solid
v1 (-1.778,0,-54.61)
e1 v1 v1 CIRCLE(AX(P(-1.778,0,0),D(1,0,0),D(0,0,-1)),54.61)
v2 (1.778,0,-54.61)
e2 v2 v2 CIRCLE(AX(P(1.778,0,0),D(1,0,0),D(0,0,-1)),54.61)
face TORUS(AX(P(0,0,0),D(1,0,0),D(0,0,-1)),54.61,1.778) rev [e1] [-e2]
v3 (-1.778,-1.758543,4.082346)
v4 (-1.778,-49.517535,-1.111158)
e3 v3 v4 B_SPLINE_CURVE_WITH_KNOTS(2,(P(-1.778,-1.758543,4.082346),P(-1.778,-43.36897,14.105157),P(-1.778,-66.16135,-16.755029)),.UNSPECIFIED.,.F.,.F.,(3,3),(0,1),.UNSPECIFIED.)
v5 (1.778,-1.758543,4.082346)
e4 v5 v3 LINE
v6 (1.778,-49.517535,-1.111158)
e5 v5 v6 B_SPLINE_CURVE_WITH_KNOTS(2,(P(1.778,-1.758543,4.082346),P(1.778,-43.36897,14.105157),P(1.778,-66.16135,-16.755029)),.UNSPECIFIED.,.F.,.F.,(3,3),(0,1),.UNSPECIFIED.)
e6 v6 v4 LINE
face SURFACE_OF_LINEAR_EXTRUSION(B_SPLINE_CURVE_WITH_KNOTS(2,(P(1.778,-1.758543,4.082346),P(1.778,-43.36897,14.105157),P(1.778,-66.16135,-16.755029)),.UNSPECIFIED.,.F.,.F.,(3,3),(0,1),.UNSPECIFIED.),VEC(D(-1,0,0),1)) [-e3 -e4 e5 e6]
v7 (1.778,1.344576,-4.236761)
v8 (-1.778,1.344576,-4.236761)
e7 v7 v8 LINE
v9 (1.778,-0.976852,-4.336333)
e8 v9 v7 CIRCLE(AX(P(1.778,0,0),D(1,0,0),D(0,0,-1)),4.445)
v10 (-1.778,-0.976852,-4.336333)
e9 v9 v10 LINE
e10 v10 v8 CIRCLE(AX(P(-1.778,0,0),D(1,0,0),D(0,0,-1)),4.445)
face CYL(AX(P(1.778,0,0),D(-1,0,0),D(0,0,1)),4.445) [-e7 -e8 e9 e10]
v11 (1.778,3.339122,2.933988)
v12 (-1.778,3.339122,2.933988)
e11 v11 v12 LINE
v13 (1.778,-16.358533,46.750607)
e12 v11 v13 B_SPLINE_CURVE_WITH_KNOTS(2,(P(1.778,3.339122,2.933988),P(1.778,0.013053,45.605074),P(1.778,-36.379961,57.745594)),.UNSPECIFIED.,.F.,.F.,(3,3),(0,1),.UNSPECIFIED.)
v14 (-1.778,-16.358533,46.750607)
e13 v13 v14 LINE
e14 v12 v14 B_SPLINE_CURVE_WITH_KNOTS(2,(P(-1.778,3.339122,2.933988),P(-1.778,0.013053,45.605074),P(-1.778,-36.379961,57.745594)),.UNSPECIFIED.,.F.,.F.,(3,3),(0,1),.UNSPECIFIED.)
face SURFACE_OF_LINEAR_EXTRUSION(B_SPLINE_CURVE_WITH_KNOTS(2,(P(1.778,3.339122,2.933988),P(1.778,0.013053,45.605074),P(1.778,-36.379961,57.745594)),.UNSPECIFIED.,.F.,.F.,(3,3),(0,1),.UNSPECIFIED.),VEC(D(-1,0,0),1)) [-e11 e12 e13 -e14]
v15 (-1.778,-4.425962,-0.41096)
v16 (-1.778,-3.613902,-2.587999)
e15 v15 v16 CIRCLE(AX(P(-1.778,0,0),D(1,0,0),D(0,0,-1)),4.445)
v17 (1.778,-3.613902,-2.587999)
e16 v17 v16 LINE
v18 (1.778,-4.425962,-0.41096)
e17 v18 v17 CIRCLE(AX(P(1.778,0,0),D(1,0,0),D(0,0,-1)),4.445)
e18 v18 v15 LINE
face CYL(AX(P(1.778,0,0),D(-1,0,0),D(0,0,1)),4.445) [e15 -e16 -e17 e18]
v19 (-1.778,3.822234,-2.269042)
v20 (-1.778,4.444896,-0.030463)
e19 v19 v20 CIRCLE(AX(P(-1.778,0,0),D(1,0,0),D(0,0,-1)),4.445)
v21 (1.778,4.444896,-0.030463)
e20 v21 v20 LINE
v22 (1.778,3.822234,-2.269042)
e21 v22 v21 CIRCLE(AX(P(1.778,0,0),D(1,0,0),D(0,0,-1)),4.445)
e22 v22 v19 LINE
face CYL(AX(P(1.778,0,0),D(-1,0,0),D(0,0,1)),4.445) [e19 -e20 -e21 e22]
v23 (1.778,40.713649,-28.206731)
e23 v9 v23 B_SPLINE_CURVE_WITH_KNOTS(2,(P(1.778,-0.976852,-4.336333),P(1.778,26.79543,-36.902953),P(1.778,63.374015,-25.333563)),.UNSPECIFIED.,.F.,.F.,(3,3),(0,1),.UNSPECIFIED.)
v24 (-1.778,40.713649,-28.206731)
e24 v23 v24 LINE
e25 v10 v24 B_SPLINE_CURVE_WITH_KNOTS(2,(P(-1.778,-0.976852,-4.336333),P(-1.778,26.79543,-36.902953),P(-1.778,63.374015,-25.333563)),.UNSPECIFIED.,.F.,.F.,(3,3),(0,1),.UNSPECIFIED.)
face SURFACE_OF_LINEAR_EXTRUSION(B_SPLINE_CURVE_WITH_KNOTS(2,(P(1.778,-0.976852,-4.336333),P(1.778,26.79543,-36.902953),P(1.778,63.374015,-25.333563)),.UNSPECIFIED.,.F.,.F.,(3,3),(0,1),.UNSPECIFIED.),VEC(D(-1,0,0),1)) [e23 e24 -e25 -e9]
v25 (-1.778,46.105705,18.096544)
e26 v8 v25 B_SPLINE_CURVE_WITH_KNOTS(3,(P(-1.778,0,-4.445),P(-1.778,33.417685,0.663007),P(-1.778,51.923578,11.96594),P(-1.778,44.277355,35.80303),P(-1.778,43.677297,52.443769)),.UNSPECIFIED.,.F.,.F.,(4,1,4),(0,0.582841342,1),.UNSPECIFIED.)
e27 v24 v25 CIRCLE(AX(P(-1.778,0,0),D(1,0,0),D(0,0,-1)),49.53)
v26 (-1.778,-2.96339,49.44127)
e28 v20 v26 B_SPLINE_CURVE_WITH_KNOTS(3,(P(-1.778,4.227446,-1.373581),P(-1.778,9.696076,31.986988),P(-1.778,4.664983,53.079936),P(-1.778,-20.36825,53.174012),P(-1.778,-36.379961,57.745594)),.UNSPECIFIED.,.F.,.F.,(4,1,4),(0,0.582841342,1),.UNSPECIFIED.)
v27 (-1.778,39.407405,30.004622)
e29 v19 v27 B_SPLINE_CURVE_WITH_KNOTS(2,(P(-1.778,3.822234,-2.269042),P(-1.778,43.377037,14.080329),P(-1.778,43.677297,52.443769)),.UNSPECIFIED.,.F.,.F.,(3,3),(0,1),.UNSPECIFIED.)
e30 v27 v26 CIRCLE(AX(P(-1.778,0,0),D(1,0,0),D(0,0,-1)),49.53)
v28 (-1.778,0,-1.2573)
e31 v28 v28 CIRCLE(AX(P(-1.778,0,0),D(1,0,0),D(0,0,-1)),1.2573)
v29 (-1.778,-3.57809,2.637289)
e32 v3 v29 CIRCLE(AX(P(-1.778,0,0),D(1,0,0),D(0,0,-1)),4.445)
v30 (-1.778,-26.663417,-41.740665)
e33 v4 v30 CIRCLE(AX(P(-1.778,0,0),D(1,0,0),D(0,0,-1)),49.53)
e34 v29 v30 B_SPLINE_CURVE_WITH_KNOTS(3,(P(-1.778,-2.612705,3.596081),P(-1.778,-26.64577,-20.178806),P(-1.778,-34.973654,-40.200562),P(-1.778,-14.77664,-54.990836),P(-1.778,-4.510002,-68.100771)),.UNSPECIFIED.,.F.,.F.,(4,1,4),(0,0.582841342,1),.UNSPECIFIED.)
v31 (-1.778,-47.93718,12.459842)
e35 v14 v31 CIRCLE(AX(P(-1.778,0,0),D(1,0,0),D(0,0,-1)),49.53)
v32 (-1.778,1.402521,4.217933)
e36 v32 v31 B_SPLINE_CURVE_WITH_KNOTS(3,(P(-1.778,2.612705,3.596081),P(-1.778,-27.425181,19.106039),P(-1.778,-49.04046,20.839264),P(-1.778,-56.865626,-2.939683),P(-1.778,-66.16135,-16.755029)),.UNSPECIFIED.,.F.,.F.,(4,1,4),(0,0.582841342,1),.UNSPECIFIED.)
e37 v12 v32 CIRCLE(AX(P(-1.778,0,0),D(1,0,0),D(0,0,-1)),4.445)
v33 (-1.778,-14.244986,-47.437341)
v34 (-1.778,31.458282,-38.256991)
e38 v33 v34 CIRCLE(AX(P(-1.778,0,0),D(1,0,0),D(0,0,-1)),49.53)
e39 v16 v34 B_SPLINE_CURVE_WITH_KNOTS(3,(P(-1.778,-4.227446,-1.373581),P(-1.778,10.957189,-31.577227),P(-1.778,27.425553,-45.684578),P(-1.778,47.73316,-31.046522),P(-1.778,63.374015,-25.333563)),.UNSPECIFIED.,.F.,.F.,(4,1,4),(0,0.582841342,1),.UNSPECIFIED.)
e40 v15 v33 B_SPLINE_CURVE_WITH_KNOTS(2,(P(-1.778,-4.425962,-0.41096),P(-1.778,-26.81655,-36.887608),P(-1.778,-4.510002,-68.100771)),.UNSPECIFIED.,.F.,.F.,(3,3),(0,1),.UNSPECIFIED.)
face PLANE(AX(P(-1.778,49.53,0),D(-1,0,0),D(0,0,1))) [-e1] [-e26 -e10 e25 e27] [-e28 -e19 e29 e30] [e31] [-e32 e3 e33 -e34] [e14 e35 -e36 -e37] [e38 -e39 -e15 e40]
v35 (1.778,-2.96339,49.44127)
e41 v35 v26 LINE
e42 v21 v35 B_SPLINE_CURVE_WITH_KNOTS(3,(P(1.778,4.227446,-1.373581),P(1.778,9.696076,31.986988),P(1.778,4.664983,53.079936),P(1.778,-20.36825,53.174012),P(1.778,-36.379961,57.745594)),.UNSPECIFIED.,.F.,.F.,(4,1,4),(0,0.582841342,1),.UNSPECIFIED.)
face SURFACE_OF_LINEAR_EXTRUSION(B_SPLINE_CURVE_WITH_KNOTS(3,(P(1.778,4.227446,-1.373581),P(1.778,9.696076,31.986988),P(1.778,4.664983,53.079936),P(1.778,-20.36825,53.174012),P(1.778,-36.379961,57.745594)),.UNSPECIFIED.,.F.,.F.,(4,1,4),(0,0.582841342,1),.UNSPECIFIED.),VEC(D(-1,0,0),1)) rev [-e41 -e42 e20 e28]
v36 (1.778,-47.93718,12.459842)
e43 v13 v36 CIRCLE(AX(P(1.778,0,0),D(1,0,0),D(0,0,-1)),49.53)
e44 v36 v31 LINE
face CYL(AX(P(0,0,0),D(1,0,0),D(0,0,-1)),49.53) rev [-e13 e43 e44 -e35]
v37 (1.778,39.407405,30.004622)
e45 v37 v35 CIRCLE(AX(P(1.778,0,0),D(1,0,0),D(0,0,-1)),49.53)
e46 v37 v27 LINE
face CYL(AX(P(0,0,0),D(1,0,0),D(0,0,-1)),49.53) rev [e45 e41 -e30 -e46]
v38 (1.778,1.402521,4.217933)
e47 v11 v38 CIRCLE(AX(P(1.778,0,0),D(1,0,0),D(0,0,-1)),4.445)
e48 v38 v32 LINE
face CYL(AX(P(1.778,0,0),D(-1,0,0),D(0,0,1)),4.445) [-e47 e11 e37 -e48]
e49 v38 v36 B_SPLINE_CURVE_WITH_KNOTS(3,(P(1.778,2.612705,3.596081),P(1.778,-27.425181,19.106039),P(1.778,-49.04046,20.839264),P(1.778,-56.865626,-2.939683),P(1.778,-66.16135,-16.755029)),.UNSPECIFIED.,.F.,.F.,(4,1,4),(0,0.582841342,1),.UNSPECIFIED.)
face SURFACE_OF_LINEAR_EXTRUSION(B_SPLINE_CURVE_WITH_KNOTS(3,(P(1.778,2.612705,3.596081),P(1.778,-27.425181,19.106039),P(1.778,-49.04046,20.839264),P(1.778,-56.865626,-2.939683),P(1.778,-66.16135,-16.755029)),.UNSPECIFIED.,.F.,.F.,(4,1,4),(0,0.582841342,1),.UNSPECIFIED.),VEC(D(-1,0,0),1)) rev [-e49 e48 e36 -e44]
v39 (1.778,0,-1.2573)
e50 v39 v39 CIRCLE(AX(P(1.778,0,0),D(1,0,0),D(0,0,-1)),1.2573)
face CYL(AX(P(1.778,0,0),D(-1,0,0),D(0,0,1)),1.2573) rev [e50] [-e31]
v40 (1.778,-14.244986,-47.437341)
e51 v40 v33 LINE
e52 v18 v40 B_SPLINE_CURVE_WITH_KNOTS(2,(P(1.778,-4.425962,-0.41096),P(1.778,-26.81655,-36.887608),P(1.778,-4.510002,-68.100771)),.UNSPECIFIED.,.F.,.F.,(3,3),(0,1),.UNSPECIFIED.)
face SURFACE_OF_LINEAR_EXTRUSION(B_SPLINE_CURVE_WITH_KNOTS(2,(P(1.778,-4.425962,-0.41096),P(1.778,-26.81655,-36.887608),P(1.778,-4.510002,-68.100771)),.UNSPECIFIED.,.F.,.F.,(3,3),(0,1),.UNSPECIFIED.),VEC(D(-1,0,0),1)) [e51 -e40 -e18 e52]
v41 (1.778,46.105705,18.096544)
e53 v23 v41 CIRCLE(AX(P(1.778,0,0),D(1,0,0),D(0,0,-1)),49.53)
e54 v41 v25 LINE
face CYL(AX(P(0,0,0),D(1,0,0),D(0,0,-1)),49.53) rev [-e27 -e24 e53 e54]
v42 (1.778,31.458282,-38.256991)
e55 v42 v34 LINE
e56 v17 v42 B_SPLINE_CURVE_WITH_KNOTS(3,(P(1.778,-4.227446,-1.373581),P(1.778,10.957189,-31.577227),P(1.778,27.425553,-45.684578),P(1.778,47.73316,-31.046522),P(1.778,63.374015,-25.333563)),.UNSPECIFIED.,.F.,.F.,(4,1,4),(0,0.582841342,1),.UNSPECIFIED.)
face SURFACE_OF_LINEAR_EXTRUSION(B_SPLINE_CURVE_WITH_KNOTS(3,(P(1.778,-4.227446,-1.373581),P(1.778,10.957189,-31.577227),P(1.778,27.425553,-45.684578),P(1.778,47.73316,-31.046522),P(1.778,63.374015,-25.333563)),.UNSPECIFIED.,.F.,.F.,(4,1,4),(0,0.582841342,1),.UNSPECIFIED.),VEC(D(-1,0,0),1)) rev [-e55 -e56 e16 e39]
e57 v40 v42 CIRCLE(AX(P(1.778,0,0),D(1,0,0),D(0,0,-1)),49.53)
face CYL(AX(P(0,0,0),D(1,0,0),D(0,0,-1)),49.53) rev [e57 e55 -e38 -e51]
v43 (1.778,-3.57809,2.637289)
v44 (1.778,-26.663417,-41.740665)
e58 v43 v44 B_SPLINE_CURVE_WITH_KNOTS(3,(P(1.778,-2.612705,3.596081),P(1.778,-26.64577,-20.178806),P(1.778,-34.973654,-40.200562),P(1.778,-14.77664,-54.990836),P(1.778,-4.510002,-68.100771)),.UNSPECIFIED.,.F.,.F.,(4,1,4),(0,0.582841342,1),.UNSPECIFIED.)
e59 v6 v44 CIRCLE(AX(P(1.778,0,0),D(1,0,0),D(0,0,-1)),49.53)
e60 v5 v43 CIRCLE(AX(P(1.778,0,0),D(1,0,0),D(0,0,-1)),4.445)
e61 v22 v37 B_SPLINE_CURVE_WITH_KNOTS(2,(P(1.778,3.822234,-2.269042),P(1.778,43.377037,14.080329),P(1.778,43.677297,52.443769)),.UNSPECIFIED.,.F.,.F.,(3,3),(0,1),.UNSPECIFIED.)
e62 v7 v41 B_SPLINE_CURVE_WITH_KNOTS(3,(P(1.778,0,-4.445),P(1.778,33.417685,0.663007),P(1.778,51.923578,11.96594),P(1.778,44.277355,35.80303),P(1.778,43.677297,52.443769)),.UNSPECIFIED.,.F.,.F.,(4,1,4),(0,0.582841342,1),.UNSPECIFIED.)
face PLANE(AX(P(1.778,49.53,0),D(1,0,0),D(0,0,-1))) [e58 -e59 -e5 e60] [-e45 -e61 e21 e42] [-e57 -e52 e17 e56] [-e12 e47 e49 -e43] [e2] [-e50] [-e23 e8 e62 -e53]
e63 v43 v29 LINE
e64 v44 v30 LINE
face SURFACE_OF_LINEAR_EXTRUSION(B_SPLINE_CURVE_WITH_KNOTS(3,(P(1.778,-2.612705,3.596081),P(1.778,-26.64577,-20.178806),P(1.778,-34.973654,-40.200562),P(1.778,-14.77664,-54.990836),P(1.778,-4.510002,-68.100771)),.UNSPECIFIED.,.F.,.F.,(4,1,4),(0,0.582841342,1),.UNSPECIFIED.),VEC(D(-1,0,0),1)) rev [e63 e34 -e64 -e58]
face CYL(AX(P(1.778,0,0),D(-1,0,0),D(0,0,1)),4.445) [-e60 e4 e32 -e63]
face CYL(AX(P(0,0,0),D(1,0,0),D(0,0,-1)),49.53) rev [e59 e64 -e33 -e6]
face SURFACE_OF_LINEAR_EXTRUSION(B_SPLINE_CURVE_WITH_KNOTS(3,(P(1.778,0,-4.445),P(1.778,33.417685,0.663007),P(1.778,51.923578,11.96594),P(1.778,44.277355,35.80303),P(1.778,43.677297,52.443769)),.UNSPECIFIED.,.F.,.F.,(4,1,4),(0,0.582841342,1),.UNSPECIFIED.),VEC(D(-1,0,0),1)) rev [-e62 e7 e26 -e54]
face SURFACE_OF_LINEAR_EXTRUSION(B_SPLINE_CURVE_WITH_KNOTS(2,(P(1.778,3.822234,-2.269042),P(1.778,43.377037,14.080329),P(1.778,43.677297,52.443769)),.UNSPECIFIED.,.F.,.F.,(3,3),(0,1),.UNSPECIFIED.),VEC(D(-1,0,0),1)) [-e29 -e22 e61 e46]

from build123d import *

# Parameters (mm, degrees)
SKETCH3_R           = 4.445
SKETCH3_R_2         = 1.2573
BOSS_EXTRUDE1_DEPTH = 1.778
BOSS_EXTRUDE2_DEPTH = 1.778
CIRPATTERN1_COUNT   = 5


with BuildPart() as part:
    # Sketch1 → Revolve1 (revolve)
    with BuildSketch(Plane.XY):
        with BuildLine():
            Line((-1.778, 49.53), (1.778, 49.53))
            Line((1.778, 49.53), (1.778, 54.61))
            ThreePointArc((1.778, 54.61), (0, 52.832), (-1.778, 54.61))
            Line((-1.778, 54.61), (-1.778, 49.53))
        make_face()
    revolve(axis=Axis((0, 0, 0), (-1, 0, 0)))



with BuildPart() as body_2:
    # Sketch3 → Boss-Extrude1 (new body, symmetric)
    with BuildSketch(Plane(origin=(0, 0, 0), x_dir=(0, 0, -1), z_dir=(1, 0, 0))):
        Circle(SKETCH3_R)
        Circle(SKETCH3_R_2, mode=Mode.SUBTRACT)
    extrude(amount=BOSS_EXTRUDE1_DEPTH, both=True)


with BuildPart() as part_1:
    add(part.part)

    add(body_2.part)  # Boss-Extrude2 merges body 2
    # Sketch4 → Boss-Extrude2 (add, symmetric)
    with BuildSketch(Plane(origin=(0, 0, 0), x_dir=(0, 0, -1), z_dir=(1, 0, 0))):
        with BuildLine():
            add(Edge.make_bspline(
                [(4.236760603, 1.34457599), (-0.842126183, 33.70804678), (-7.397626382, 44.22942933), (-18.096543838, 46.105704648)],
                knots=[0.007889083, 0.007889083, 0.007889083, 0.007889083, 0.582841342, 0.582841342, 0.582841342, 0.582841342], degree=3))
            ThreePointArc((-18.096543838, 46.105704648), (-24.282655216, 43.169127344), (-30.004622023, 39.407404853))
            add(Edge.make_bspline(
                [(2.269041799, 3.822234204), (-8.811754066, 30.630525708), (-30.004622023, 39.407404853)],
                knots=[0, 0, 0, 0.677750608, 0.677750608, 0.677750608], degree=2))
            ThreePointArc((2.269041799, 3.822234204), (3.480813667, 2.764409742), (4.236760603, 1.34457599))
        make_face()
    boss_extrude2 = extrude(amount=BOSS_EXTRUDE2_DEPTH, both=True)

    # CirPattern1: Boss-Extrude2 ×5 about axis
    cirpattern1_axis = Axis((0, 0, 0), (1, 0, 0))
    for i in range(1, CIRPATTERN1_COUNT):
        add(boss_extrude2.rotate(cirpattern1_axis, i * 360 / CIRPATTERN1_COUNT))


solid = part_1.part
